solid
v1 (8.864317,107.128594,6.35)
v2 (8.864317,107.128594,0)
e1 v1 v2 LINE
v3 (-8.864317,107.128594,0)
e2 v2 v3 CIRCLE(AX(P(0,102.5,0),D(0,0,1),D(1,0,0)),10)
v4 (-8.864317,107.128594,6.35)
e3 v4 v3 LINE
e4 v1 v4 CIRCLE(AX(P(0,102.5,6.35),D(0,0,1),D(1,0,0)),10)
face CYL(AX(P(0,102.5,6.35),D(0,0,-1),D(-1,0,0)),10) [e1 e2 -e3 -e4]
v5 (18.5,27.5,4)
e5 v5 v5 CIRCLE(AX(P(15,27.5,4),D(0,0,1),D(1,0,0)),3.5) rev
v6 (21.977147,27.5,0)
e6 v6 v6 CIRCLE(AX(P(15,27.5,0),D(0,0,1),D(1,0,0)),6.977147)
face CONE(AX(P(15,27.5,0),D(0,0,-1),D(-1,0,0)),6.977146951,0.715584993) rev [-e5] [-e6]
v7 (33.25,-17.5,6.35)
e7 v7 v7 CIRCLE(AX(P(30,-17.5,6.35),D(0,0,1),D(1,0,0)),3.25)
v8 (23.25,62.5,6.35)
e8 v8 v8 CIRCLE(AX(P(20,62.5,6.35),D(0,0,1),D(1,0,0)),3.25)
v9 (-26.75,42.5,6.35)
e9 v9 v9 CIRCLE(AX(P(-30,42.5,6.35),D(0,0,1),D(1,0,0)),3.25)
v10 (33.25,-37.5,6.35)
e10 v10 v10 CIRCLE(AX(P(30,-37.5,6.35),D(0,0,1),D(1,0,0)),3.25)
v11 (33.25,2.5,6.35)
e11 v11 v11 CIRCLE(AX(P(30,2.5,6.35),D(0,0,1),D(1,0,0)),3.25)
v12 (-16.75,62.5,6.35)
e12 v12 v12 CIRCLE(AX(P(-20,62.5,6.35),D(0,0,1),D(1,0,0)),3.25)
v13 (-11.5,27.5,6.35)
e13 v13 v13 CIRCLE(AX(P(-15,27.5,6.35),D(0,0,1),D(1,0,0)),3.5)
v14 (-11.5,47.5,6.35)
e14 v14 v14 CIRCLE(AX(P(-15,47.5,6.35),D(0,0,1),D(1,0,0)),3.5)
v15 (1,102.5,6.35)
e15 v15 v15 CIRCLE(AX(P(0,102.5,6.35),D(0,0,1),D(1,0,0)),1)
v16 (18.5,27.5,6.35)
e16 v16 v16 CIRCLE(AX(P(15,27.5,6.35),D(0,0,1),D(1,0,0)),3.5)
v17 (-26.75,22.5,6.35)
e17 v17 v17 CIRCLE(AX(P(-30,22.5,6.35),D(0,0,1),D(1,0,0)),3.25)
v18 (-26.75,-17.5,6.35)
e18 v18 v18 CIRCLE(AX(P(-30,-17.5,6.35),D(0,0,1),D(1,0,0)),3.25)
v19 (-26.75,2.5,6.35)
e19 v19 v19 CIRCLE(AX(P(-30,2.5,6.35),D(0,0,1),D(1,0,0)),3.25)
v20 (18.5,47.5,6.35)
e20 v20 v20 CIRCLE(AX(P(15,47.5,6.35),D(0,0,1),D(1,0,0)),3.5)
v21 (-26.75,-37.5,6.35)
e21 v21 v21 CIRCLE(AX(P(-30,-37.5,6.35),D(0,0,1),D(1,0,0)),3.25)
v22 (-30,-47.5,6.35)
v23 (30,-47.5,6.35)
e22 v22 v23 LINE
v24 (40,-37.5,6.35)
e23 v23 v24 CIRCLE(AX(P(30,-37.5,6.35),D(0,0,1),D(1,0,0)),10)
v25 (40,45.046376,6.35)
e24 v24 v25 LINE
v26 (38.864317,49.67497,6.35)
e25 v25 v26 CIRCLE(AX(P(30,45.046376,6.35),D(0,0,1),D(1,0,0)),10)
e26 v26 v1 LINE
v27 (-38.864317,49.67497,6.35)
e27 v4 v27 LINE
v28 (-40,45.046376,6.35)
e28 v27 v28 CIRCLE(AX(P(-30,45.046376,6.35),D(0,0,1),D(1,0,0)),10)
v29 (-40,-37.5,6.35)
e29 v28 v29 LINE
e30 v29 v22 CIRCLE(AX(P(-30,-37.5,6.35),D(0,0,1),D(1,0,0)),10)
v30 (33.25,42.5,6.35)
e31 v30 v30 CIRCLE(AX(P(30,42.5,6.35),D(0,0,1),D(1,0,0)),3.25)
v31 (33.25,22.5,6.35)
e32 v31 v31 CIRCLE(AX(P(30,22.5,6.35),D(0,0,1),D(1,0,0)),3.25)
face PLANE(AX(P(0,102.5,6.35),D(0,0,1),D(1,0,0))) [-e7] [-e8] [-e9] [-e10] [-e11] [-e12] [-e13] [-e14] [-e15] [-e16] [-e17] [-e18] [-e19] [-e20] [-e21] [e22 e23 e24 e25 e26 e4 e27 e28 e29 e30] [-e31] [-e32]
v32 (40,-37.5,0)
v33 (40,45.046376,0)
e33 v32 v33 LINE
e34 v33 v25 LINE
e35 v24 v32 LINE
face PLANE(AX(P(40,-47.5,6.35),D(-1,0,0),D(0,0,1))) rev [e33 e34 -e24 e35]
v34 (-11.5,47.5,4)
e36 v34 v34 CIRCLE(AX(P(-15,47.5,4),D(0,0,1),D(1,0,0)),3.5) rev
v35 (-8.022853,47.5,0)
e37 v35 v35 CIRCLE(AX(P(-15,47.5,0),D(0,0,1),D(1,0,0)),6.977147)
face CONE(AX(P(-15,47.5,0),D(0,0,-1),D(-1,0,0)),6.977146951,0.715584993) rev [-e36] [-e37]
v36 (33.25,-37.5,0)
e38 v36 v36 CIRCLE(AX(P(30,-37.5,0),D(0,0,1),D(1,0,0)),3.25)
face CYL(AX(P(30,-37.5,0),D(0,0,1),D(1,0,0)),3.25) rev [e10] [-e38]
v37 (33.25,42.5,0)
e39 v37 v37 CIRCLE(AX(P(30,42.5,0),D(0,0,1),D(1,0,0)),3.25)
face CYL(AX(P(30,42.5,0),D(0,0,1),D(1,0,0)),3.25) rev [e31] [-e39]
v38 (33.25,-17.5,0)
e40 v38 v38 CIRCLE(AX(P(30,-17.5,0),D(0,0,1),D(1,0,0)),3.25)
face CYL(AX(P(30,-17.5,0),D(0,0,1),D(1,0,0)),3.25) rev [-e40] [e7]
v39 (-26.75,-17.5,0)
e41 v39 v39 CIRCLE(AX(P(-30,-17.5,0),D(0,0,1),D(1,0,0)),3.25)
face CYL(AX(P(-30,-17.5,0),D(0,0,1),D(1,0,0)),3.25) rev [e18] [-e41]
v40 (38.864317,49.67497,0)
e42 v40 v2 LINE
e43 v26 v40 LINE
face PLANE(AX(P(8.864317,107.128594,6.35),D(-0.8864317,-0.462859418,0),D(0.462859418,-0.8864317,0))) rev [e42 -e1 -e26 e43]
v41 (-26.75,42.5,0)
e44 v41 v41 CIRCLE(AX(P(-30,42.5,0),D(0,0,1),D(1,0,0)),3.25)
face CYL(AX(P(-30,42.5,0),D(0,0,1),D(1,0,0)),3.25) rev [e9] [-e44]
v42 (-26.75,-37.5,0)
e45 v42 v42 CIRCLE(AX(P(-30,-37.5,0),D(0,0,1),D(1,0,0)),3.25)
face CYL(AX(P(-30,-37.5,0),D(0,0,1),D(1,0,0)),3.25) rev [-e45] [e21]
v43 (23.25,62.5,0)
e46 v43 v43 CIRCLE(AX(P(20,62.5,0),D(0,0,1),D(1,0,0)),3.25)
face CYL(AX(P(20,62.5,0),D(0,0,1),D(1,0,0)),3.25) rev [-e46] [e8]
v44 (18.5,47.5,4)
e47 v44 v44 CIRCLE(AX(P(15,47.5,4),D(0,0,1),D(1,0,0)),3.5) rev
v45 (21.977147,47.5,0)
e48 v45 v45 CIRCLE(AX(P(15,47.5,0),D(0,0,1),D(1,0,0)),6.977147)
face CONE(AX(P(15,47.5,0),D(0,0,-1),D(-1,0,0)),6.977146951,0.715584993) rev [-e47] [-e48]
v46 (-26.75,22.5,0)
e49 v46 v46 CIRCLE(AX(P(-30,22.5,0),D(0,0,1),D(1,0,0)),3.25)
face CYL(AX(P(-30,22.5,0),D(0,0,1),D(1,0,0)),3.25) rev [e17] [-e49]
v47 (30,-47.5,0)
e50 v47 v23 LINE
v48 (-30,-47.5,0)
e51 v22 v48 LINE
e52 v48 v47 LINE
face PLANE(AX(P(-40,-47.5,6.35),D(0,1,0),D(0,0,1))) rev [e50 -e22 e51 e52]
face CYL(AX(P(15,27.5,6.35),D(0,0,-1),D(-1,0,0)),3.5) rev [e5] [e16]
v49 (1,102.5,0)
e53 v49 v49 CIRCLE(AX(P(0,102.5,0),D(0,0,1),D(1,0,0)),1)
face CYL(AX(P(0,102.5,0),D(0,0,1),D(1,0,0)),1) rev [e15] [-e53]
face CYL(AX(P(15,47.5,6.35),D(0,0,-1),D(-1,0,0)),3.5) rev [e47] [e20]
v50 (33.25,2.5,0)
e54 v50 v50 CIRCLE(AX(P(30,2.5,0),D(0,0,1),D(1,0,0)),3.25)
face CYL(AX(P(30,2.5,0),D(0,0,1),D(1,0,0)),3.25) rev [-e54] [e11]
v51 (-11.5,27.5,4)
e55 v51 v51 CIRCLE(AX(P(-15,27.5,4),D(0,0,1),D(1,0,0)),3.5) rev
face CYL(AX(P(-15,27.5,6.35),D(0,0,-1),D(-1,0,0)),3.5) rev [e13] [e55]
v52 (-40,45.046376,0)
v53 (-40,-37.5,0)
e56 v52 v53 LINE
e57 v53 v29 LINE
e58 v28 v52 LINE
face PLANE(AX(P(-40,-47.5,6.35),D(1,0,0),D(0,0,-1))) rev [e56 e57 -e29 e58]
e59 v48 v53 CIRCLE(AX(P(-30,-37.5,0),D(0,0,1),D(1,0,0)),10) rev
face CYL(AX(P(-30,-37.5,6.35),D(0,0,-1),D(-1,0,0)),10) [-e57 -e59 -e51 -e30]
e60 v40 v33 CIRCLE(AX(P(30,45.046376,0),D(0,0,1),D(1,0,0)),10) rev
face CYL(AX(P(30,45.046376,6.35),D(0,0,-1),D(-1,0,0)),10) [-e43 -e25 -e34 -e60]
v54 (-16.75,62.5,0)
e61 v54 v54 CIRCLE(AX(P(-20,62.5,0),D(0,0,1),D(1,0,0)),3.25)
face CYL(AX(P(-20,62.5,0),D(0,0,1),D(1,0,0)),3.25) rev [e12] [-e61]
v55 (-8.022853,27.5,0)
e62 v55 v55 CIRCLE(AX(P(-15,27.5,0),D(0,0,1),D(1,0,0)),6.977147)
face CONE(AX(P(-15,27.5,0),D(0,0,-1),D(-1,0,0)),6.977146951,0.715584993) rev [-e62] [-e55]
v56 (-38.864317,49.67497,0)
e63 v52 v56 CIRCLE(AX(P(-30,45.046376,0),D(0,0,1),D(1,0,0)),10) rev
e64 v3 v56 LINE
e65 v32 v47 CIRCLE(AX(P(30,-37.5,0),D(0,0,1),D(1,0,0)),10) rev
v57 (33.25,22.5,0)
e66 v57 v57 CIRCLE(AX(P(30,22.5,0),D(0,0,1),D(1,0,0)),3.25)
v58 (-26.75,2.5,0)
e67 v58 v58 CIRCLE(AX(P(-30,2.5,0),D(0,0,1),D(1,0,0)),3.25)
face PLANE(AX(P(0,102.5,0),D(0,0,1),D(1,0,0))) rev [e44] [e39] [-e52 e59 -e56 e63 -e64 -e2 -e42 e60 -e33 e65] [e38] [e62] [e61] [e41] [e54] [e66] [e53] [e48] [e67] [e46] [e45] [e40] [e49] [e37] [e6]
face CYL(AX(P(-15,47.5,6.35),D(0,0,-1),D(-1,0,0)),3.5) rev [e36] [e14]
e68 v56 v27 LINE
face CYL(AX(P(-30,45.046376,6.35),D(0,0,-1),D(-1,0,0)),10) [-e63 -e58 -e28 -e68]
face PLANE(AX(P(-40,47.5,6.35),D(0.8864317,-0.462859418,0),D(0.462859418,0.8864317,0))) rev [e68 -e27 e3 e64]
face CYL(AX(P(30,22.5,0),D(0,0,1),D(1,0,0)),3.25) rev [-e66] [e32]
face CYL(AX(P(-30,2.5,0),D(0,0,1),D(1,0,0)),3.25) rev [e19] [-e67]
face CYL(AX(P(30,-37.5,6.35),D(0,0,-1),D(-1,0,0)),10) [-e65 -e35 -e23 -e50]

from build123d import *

# Parameters (mm, degrees)
SKETCH1_R             = 3.5
BOSS_EXTRUDE1_DEPTH   = 6.35
SKETCH2_R             = 3.25
CUT_EXTRUDE1_DEPTH    = 7.35
LPATTERN1_COUNT       = 5
LPATTERN1_PITCH       = 20
FILLET1_R             = 10
SKETCH3_R             = 3.25
SKETCH3_R_2           = 1
CUT_EXTRUDE2_DEPTH    = 7.35
CHAMFER1_SIZE         = 4
CHAMFER1_SIZE2        = 3.477146951
CHAMFER1_PART_2_SIZE  = 4
CHAMFER1_PART_2_SIZE2 = 3.477146951
CHAMFER1_PART_3_SIZE  = 4
CHAMFER1_PART_3_SIZE2 = 3.477146951
CHAMFER1_PART_4_SIZE  = 4
CHAMFER1_PART_4_SIZE2 = 3.477146951


with BuildPart() as part:
    # Sketch1 → Boss-Extrude1 (new body)
    with BuildSketch(Plane.XY):
        with BuildLine():
            Line((-40, 47.5), (-8.864317001, 107.128594183))
            ThreePointArc((-8.864317001, 107.128594183), (0, 112.5), (8.864317001, 107.128594183))
            Line((8.864317001, 107.128594183), (40, 47.5))
            Line((40, 47.5), (40, -47.5))
            Line((40, -47.5), (-40, -47.5))
            Line((-40, -47.5), (-40, 47.5))
        make_face()
        with Locations((-15, 47.5)):
            Circle(SKETCH1_R, mode=Mode.SUBTRACT)
        with Locations((15, 47.5)):
            Circle(SKETCH1_R, mode=Mode.SUBTRACT)
        with Locations((-15, 27.5)):
            Circle(SKETCH1_R, mode=Mode.SUBTRACT)
        with Locations((15, 27.5)):
            Circle(SKETCH1_R, mode=Mode.SUBTRACT)
    extrude(amount=BOSS_EXTRUDE1_DEPTH)

    # Sketch2 → Cut-Extrude1 (cut, through all)
    with BuildSketch(Plane.XY.offset(6.35)):
        with Locations((30, -37.5)):
            Circle(SKETCH2_R)
        with Locations((-30, -37.5)):
            Circle(SKETCH2_R)
    cut_extrude1 = extrude(amount=-CUT_EXTRUDE1_DEPTH, mode=Mode.SUBTRACT)

    # LPattern1: Cut-Extrude1 ×5
    with Locations(*[(0, i * LPATTERN1_PITCH, 0) for i in range(1, LPATTERN1_COUNT)]):
        add(cut_extrude1, mode=Mode.SUBTRACT)

    # Fillet1
    fillet1_edges = [part.edges().sort_by_distance(p)[0] for p in [
        (40, 47.5, 3.175),
        (40, -47.5, 3.175),
        (-40, -47.5, 3.175),
        (-40, 47.5, 3.175),
    ]]
    fillet(fillet1_edges, radius=FILLET1_R)

    # Sketch3 → Cut-Extrude2 (cut, through all)
    with BuildSketch(Plane.XY.offset(6.35)):
        with Locations((-20, 62.5)):
            Circle(SKETCH3_R)
        with Locations((20, 62.5)):
            Circle(SKETCH3_R)
        with Locations((0, 102.5)):
            Circle(SKETCH3_R_2)
    extrude(amount=-CUT_EXTRUDE2_DEPTH, mode=Mode.SUBTRACT)

    # Chamfer1
    chamfer1_edges = [part.edges().sort_by_distance(p)[0] for p in [
        (-18.5, 47.5, 0),
    ]]
    chamfer1_side = [part.faces().sort_by_distance(p)[0] for p in [
        (-18.5, 47.5, 3.175),
    ]]
    chamfer(chamfer1_edges, length=CHAMFER1_SIZE, length2=CHAMFER1_SIZE2, reference=chamfer1_side[0])

    # Chamfer1 part 2
    chamfer1_part_2_edges = [part.edges().sort_by_distance(p)[0] for p in [
        (11.5, 47.5, 0),
    ]]
    chamfer1_part_2_side = [part.faces().sort_by_distance(p)[0] for p in [
        (11.5, 47.5, 3.175),
    ]]
    chamfer(chamfer1_part_2_edges, length=CHAMFER1_PART_2_SIZE, length2=CHAMFER1_PART_2_SIZE2, reference=chamfer1_part_2_side[0])

    # Chamfer1 part 3
    chamfer1_part_3_edges = [part.edges().sort_by_distance(p)[0] for p in [
        (-18.5, 27.5, 0),
    ]]
    chamfer1_part_3_side = [part.faces().sort_by_distance(p)[0] for p in [
        (-18.5, 27.5, 3.175),
    ]]
    chamfer(chamfer1_part_3_edges, length=CHAMFER1_PART_3_SIZE, length2=CHAMFER1_PART_3_SIZE2, reference=chamfer1_part_3_side[0])

    # Chamfer1 part 4
    chamfer1_part_4_edges = [part.edges().sort_by_distance(p)[0] for p in [
        (11.5, 27.5, 0),
    ]]
    chamfer1_part_4_side = [part.faces().sort_by_distance(p)[0] for p in [
        (11.5, 27.5, 3.175),
    ]]
    chamfer(chamfer1_part_4_edges, length=CHAMFER1_PART_4_SIZE, length2=CHAMFER1_PART_4_SIZE2, reference=chamfer1_part_4_side[0])


solid = part.part
